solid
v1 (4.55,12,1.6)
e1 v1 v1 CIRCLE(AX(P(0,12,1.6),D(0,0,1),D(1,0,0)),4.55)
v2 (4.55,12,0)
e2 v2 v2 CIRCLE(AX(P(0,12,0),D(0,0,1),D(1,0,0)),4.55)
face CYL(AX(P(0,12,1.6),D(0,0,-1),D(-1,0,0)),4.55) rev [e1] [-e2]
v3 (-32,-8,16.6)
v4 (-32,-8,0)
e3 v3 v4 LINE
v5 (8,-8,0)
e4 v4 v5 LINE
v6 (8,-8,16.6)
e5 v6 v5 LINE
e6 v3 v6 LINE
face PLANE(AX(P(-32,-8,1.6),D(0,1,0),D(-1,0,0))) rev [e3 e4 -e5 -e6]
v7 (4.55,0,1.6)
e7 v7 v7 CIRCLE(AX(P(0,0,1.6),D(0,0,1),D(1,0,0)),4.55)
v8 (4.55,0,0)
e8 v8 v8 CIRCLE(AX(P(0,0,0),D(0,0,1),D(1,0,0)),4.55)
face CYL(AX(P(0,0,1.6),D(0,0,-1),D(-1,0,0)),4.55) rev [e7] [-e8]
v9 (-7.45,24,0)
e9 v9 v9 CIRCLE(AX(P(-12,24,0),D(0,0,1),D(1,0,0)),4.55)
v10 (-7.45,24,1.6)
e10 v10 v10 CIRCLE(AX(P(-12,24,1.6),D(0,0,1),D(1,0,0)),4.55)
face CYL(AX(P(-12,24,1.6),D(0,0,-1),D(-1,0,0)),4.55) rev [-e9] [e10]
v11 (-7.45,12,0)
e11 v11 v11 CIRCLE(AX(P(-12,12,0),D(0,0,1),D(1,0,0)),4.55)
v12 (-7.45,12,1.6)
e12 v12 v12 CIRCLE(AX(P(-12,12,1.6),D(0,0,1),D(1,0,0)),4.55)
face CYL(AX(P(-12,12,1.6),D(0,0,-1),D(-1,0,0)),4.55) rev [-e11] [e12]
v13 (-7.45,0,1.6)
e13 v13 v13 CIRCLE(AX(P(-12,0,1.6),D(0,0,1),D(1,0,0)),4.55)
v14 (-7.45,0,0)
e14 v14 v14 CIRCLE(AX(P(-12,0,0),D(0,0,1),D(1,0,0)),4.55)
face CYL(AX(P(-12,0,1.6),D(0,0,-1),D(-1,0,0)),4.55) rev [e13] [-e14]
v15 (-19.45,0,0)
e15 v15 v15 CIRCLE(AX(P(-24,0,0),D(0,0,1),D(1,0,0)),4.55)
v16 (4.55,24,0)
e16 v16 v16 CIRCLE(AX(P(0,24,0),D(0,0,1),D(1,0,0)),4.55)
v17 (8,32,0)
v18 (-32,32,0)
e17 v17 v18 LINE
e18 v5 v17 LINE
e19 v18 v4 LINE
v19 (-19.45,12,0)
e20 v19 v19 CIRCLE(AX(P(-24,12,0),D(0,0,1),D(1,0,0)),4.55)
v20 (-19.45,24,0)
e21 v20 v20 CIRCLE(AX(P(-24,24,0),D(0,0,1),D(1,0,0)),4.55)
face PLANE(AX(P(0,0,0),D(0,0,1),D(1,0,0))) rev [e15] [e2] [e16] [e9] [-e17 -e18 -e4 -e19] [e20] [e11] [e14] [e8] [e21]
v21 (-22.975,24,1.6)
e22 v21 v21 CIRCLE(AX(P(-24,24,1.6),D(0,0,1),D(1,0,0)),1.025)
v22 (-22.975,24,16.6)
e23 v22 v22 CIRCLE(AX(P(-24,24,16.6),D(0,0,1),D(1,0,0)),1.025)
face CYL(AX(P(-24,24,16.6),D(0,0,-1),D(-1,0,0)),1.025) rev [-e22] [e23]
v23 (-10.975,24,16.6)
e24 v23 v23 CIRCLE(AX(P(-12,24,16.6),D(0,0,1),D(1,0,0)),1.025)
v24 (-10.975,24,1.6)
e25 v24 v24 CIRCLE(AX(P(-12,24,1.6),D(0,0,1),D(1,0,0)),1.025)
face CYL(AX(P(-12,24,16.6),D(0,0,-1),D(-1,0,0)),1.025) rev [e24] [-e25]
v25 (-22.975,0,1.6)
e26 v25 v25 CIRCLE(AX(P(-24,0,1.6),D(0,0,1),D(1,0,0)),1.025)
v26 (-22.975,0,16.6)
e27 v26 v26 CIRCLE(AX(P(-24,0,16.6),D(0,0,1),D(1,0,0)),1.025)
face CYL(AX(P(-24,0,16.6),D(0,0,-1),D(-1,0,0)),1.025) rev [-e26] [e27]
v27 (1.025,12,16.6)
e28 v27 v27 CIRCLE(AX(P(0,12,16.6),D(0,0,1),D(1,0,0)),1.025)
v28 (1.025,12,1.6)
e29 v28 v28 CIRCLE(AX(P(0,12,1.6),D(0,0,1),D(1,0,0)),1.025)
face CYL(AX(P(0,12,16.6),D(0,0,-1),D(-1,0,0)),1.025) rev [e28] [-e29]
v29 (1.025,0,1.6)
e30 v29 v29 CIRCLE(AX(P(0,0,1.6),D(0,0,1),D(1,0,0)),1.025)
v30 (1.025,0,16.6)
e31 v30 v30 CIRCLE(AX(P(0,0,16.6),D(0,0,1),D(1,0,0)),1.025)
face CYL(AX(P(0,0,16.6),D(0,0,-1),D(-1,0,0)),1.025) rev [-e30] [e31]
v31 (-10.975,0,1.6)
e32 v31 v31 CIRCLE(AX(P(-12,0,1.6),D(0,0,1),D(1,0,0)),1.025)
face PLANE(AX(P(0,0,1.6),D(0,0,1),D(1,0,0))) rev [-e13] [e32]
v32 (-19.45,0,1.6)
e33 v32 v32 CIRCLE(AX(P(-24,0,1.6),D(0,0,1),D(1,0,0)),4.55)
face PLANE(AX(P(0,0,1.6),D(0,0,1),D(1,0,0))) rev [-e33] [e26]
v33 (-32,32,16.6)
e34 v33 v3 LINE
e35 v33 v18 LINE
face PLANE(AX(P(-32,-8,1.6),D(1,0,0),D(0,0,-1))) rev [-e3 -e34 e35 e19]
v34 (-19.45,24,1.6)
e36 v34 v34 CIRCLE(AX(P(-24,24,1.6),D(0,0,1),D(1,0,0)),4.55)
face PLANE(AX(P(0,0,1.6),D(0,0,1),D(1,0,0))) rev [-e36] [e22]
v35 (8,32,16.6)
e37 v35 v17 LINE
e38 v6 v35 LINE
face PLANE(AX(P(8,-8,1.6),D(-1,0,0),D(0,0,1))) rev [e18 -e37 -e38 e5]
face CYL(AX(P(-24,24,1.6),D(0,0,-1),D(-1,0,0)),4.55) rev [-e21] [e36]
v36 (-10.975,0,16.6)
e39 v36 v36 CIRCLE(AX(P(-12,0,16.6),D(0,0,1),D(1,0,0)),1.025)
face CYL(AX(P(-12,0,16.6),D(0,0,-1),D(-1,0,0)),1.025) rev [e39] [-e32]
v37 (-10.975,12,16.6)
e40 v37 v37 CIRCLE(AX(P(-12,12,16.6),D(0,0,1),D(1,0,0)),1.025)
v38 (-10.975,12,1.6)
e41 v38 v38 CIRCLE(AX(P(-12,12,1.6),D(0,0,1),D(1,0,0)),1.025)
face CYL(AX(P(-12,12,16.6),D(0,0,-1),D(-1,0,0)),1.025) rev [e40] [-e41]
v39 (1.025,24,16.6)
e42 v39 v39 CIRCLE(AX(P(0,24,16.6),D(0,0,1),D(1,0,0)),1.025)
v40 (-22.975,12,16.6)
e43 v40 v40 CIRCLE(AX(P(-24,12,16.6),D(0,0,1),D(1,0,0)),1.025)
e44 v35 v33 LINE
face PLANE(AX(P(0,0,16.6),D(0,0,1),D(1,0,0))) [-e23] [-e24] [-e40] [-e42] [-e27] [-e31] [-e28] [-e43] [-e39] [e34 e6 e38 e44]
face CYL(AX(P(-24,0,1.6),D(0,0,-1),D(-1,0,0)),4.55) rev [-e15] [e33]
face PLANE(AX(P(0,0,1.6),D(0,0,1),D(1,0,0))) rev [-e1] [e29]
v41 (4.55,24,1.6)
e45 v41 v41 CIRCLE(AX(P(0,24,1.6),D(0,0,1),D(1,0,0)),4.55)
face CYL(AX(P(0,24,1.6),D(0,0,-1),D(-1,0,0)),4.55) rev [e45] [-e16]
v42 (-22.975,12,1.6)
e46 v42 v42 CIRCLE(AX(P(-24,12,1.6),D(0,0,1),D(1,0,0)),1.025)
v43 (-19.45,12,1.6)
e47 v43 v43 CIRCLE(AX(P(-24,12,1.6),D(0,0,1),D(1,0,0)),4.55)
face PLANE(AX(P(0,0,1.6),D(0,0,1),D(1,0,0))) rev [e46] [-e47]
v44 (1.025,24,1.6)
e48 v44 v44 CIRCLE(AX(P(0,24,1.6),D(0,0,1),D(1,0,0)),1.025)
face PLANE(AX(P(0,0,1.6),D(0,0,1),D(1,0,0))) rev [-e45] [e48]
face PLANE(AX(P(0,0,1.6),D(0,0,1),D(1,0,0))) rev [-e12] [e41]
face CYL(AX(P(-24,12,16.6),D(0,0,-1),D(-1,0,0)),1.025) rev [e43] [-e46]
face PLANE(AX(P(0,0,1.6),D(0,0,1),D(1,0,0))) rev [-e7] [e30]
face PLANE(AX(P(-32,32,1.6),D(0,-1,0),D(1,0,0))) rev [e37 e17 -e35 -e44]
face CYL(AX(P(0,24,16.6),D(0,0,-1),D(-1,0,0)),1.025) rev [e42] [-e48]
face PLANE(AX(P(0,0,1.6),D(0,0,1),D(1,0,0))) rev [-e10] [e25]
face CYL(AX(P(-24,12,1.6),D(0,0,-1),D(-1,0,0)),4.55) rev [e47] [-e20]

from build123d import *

# Parameters (mm, degrees)
SKETCH1_W           = 40
SKETCH1_H           = 40
SKETCH1_R           = 4.55
BOSS_EXTRUDE1_DEPTH = 1.6
SKETCH2_W           = 40
SKETCH2_H           = 40
SKETCH2_R           = 1.025
BOSS_EXTRUDE2_DEPTH = 15


with BuildPart() as part:
    # Sketch1 → Boss-Extrude1 (new body)
    with BuildSketch(Plane(origin=(0, 0, 0), x_dir=(0, 1, 0), z_dir=(0, 0, 1))):
        with Locations((12, 12)):
            Rectangle(SKETCH1_W, SKETCH1_H)
        with Locations(Location((0, 0, 0), (0, 0, 270))):
            Circle(SKETCH1_R, mode=Mode.SUBTRACT)
        with Locations(Location((12, 0, 0), (0, 0, 270))):
            Circle(SKETCH1_R, mode=Mode.SUBTRACT)
        with Locations(Location((24, 0, 0), (0, 0, 270))):
            Circle(SKETCH1_R, mode=Mode.SUBTRACT)
        with Locations(Location((12, 12, 0), (0, 0, 270))):
            Circle(SKETCH1_R, mode=Mode.SUBTRACT)
        with Locations(Location((24, 12, 0), (0, 0, 270))):
            Circle(SKETCH1_R, mode=Mode.SUBTRACT)
        with Locations(Location((12, 24, 0), (0, 0, 270))):
            Circle(SKETCH1_R, mode=Mode.SUBTRACT)
        with Locations(Location((24, 24, 0), (0, 0, 270))):
            Circle(SKETCH1_R, mode=Mode.SUBTRACT)
        with Locations(Location((0, 12, 0), (0, 0, 270))):
            Circle(SKETCH1_R, mode=Mode.SUBTRACT)
        with Locations(Location((0, 24, 0), (0, 0, 270))):
            Circle(SKETCH1_R, mode=Mode.SUBTRACT)
    extrude(amount=BOSS_EXTRUDE1_DEPTH)

    # Sketch2 → Boss-Extrude2 (add)
    with BuildSketch(Plane.XY.offset(1.6)):
        with Locations((-12, 12)):
            Rectangle(SKETCH2_W, SKETCH2_H)
        Circle(SKETCH2_R, mode=Mode.SUBTRACT)
        with Locations((-12, 0)):
            Circle(SKETCH2_R, mode=Mode.SUBTRACT)
        with Locations((-24, 0)):
            Circle(SKETCH2_R, mode=Mode.SUBTRACT)
        with Locations((-12, 12)):
            Circle(SKETCH2_R, mode=Mode.SUBTRACT)
        with Locations((-24, 12)):
            Circle(SKETCH2_R, mode=Mode.SUBTRACT)
        with Locations((-12, 24)):
            Circle(SKETCH2_R, mode=Mode.SUBTRACT)
        with Locations((-24, 24)):
            Circle(SKETCH2_R, mode=Mode.SUBTRACT)
        with Locations((0, 12)):
            Circle(SKETCH2_R, mode=Mode.SUBTRACT)
        with Locations((0, 24)):
            Circle(SKETCH2_R, mode=Mode.SUBTRACT)
    extrude(amount=BOSS_EXTRUDE2_DEPTH)


solid = part.part
